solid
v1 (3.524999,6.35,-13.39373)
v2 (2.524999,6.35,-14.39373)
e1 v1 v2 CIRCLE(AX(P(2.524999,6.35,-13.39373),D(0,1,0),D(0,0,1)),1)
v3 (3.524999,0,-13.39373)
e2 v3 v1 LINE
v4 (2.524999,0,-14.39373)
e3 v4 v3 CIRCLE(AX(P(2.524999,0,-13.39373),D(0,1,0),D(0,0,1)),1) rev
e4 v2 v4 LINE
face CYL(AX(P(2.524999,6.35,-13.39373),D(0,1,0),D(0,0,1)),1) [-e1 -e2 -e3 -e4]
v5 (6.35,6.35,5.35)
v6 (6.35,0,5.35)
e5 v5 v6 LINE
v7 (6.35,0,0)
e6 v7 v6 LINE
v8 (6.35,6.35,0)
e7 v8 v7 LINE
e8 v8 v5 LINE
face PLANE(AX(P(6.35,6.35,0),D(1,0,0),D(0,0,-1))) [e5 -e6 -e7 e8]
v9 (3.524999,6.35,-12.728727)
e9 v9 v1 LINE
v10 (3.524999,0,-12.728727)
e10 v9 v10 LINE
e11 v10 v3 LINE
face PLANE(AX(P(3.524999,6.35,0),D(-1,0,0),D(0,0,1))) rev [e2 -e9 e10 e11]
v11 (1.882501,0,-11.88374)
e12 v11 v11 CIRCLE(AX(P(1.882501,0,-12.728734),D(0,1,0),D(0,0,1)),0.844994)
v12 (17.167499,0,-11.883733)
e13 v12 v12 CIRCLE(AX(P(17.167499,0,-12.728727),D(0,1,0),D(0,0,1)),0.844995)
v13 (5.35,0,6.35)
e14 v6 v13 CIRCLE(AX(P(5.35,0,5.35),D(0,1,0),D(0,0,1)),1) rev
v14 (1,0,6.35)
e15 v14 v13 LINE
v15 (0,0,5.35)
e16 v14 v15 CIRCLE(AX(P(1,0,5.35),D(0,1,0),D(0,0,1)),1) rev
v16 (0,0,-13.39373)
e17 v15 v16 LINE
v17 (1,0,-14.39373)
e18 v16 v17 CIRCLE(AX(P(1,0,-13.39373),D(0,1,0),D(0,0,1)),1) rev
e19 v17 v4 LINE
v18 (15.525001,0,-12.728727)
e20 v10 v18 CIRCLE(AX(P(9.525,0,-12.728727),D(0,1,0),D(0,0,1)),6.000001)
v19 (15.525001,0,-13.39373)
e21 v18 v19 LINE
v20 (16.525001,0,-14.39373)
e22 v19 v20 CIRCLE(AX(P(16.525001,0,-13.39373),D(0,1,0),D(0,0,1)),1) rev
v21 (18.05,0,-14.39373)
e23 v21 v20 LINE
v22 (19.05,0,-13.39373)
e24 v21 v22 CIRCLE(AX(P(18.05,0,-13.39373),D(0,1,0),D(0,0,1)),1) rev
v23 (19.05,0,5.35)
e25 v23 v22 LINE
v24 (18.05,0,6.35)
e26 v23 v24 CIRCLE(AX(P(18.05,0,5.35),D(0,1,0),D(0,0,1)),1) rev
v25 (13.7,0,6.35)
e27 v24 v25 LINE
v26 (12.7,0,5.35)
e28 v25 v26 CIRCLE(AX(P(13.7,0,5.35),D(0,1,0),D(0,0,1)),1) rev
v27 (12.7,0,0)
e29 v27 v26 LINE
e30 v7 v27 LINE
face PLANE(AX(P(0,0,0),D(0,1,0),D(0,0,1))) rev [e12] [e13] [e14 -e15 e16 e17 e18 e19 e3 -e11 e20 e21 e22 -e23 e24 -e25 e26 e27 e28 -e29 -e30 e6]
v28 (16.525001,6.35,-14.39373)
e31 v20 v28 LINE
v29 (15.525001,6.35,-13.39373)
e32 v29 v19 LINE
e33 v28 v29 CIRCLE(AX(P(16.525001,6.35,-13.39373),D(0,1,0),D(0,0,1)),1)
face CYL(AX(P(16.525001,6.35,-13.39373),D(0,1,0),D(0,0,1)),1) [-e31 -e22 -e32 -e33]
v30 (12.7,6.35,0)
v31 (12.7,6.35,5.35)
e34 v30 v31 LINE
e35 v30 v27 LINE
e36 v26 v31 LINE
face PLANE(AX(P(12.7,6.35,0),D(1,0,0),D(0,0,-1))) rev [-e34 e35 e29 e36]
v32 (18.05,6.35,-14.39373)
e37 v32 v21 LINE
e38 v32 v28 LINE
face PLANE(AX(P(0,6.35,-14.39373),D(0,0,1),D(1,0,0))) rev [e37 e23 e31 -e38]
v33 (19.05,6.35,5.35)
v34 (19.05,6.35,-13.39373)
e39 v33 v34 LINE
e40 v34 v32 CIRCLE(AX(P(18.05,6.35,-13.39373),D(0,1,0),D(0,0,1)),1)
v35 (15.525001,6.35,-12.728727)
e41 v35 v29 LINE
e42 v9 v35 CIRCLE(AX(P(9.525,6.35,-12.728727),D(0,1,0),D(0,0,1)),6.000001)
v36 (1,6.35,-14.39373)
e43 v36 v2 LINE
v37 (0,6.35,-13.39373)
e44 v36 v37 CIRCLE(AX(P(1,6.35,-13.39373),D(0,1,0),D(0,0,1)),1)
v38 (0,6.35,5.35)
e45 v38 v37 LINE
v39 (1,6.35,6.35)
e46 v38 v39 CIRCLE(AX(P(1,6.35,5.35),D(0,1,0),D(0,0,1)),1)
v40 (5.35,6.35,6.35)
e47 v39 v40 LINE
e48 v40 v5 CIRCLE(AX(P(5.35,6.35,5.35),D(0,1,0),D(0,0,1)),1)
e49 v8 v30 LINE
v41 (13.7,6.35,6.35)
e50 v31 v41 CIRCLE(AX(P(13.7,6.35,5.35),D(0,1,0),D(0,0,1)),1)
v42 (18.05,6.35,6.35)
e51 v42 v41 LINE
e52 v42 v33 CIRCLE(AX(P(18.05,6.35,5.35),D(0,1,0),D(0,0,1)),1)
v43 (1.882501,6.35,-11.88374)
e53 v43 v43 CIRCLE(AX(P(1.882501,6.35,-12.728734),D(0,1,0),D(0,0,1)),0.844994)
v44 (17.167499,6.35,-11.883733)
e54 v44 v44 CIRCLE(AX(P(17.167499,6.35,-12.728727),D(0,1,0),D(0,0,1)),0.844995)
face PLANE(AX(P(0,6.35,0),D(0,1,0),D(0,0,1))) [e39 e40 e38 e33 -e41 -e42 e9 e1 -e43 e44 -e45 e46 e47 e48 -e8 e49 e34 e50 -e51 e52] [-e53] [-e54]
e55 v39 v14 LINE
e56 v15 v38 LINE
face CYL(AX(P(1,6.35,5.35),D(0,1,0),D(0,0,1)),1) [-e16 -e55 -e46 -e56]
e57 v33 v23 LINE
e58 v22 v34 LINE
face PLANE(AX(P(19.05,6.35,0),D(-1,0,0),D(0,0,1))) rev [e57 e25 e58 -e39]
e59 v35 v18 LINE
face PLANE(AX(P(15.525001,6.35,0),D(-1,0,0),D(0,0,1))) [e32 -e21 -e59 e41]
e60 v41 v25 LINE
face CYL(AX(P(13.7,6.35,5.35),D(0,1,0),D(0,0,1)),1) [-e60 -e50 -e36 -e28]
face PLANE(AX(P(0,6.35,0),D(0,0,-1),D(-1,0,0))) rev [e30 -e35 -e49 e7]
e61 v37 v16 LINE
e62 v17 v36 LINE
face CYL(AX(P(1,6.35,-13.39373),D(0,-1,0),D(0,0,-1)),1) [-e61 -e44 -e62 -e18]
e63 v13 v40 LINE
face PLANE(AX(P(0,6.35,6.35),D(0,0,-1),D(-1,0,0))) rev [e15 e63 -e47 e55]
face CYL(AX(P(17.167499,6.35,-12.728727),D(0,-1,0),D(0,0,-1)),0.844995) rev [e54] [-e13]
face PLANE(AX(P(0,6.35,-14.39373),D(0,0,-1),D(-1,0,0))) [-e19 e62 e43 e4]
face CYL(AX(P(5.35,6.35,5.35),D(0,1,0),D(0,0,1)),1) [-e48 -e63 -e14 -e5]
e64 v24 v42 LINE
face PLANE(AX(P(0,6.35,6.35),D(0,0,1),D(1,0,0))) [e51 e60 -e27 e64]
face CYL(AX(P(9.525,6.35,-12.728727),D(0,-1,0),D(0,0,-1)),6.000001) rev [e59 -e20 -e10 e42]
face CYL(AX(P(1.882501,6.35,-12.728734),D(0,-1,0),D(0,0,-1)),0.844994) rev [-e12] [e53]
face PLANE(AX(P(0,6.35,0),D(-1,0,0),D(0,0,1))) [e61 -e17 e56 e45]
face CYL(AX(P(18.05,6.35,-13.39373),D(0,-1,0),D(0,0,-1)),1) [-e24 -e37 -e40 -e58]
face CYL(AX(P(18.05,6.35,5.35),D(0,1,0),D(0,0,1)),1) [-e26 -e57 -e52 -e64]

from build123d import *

# Parameters (mm, degrees)
SKETCH1_R           = 0.8449945
SKETCH1_W           = 19.05
SKETCH1_H           = 6.0000896
SKETCH1_W_2         = 6.35
SKETCH1_H_2         = 6.35
BOSS_EXTRUDE1_DEPTH = 6.35
FILLET3_R           = 1


with BuildPart() as part:
    # Sketch1 → Boss-Extrude1 (new body)
    with BuildSketch(Plane(origin=(0, 0, 0), x_dir=(1, 0, 0), z_dir=(0, 1, 0))):
        Polygon((0, 14.393729658), (0, 6.0000896), (3.5249993, 6.0000896), (3.5249993, 12.728734258), (3.5249993, 14.393729658), align=None)
        with Locations((1.88250068, 12.728734258)):
            Circle(SKETCH1_R, mode=Mode.SUBTRACT)
        with BuildLine():
            Line((3.5249993, 12.728734258), (3.5249993, 6.0000896))
            Line((3.5249993, 6.0000896), (15.5250007, 6.0000896))
            Line((15.5250007, 6.0000896), (15.5250007, 12.7287274))
            ThreePointArc((15.5250007, 12.7287274), (9.524996571, 6.7287267), (3.5249993, 12.728734258))
        make_face()
        Polygon((15.5250007, 12.7287274), (15.5250007, 6.0000896), (19.05, 6.0000896), (19.05, 14.393729658), (15.5250007, 14.393729658), align=None)
        with Locations((17.16749932, 12.7287274)):
            Circle(SKETCH1_R, mode=Mode.SUBTRACT)
        with Locations((9.525, 3.0000448)):
            Rectangle(SKETCH1_W, SKETCH1_H)
        with Locations((3.175, -3.175)):
            Rectangle(SKETCH1_W_2, SKETCH1_H_2)
        with Locations((15.875, -3.175)):
            Rectangle(SKETCH1_W_2, SKETCH1_H_2)
    extrude(amount=BOSS_EXTRUDE1_DEPTH)

    # Fillet3
    fillet3_edges = [part.edges().sort_by_distance(p)[0] for p in [
        (19.05, 3.175, 6.35),
        (12.7, 3.175, 6.35),
        (6.35, 3.175, 6.35),
        (0, 3.175, 6.35),
        (0, 3.175, -14.393729658),
        (3.5249993, 3.175, -14.393729658),
        (15.5250007, 3.175, -14.393729658),
        (19.05, 3.175, -14.393729658),
    ]]
    fillet(fillet3_edges, radius=FILLET3_R)


solid = part.part
